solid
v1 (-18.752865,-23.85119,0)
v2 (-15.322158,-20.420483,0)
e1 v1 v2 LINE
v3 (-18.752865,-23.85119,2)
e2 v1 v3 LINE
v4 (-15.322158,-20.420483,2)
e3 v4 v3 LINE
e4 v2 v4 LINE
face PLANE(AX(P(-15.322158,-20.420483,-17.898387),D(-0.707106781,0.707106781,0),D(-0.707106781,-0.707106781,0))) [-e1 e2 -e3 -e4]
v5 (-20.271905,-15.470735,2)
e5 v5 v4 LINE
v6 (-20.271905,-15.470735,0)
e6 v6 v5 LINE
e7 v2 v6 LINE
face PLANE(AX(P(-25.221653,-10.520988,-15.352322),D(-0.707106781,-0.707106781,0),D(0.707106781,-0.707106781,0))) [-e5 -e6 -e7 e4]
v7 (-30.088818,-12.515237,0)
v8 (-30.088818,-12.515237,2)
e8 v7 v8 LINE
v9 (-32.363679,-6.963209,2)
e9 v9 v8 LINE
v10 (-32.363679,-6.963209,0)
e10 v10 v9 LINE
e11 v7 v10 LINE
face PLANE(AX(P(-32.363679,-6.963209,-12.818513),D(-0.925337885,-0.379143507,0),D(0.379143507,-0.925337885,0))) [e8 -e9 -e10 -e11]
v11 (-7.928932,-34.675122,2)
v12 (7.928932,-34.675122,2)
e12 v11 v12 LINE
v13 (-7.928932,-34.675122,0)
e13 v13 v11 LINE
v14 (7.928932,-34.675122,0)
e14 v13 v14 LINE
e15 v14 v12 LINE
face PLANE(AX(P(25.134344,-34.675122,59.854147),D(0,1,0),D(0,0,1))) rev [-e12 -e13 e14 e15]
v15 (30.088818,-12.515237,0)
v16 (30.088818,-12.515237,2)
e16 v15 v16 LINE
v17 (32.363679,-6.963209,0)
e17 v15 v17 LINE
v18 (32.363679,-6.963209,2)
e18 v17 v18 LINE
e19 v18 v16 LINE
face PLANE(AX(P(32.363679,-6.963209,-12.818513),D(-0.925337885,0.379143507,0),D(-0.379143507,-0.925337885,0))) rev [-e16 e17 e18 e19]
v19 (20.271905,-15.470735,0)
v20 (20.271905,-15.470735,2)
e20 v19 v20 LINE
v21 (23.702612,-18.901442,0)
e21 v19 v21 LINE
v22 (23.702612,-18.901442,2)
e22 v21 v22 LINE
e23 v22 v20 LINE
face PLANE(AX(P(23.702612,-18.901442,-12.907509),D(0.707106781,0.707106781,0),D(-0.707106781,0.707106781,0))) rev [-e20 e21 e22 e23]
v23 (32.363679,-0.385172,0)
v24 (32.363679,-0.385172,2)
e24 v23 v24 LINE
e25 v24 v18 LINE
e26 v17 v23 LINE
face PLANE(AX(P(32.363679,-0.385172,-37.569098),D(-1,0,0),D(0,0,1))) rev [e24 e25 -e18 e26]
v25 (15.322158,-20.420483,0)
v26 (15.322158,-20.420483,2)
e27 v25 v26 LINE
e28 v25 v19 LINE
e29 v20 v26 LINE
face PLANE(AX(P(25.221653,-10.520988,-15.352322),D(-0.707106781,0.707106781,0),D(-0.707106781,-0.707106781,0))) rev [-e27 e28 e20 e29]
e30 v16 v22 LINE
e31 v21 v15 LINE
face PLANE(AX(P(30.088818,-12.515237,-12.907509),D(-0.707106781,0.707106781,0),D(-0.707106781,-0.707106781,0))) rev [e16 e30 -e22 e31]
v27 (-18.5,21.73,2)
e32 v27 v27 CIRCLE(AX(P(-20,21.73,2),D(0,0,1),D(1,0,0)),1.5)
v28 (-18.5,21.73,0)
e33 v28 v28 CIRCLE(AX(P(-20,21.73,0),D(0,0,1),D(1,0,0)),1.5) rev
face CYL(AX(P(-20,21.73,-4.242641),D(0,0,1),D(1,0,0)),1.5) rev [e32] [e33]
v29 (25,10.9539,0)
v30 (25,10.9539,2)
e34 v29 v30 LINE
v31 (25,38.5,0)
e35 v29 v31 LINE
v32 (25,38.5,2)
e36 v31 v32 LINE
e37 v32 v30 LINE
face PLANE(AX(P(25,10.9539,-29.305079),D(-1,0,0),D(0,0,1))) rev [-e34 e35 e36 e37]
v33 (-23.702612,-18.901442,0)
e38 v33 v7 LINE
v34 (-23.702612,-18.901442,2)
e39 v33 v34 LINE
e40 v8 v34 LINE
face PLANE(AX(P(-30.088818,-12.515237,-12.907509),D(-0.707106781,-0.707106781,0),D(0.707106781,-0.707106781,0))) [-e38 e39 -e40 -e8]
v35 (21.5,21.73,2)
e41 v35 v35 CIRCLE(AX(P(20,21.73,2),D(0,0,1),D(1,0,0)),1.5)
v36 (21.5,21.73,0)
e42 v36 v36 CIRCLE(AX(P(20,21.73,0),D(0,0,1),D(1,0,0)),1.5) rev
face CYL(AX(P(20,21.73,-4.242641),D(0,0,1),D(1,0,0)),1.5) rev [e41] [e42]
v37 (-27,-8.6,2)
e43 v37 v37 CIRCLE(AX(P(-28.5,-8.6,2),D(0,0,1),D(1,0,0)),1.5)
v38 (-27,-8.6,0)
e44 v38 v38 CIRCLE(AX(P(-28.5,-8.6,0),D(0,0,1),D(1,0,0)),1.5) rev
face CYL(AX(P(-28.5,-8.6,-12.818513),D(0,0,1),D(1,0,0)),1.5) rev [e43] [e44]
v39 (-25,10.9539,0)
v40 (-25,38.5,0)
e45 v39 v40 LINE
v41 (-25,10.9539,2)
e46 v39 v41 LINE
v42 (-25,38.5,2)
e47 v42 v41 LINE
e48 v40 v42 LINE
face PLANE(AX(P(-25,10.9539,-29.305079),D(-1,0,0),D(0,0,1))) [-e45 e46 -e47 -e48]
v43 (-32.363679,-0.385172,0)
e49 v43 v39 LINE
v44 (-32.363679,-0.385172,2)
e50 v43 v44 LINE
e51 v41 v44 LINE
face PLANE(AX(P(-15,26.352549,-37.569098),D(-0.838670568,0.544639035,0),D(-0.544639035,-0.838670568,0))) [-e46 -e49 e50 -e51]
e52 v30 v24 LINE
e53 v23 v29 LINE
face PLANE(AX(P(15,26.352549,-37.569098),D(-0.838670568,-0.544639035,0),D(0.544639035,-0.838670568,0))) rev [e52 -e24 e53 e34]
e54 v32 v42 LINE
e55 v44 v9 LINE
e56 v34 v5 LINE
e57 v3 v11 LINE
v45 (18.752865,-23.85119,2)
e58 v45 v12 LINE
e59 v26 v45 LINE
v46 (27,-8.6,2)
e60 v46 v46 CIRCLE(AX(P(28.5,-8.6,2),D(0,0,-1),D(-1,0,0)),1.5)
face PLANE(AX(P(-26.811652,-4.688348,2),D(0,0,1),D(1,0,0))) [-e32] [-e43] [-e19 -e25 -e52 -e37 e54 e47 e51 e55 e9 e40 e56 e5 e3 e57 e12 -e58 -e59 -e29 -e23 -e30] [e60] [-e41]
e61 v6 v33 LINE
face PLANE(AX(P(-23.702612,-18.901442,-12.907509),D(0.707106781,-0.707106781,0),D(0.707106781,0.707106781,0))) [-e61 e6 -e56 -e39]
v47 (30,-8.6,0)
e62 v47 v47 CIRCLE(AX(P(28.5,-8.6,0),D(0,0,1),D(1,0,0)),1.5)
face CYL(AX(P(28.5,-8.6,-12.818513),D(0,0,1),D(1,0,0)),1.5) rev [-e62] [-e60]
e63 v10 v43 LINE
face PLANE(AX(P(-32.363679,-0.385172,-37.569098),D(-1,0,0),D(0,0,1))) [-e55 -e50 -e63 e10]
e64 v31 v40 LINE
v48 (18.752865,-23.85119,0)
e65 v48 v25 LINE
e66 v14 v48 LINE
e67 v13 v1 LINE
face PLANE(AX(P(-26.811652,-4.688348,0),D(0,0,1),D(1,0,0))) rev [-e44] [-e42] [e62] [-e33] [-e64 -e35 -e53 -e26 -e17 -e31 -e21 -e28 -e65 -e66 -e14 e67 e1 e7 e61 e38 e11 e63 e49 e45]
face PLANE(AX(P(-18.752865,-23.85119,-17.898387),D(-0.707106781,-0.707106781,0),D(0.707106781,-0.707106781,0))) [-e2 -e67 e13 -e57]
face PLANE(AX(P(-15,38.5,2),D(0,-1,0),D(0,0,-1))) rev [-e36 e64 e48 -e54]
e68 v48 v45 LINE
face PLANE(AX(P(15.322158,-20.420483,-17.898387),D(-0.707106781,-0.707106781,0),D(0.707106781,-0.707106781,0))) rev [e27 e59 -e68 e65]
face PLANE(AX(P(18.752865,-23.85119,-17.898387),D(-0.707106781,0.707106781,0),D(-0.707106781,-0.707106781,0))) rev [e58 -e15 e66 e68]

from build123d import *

# Parameters (mm, degrees)
EXTRUDE1_DEPTH  = 2
SKETCH4_R       = 1.5
EXTRUDE3_DEPTH  = 2
EXTRUDE5_DEPTH  = 2
FILLET2_R       = 3
SKETCH7_R       = 1.5
EXTRUDE6_DEPTH  = 2
EXTRUDE7_DEPTH  = 2
EXTRUDE8_DEPTH  = 2
EXTRUDE9_DEPTH  = 2
EXTRUDE10_DEPTH = 2
EXTRUDE11_DEPTH = 2
SKETCH13_W      = 52.444820885
SKETCH13_H      = 24.426279397
EXTRUDE12_DEPTH = 2
SKETCH14_R      = 1.5
EXTRUDE13_DEPTH = 2


with BuildPart() as part:
    # Sketch1 → Extrude1 (new body)
    with BuildSketch(Plane.XY):
        Polygon((-15, 13.5), (-15, 38.5), (15, 38.5), (15, 13.5), (26.811651575, -4.688348425), (15, -16.5), (15, -26.5), (7.928932188, -33.571067812), (7.928932188, -52.571067812), (-7.928932188, -52.571067812), (-7.928932188, -33.571067812), (-15, -26.5), (-15, -16.5), (-26.811651575, -4.688348425), align=None)
    extrude(amount=EXTRUDE1_DEPTH)

    # Sketch4 → Extrude3 (add)
    with BuildSketch(Plane.XY.offset(2)):
        Polygon((-26.811651575, -4.688348425), (-32.363678884, -6.963209468), (-30.088817841, -12.515236776), (-22.212122569, -9.287877431), align=None)
        with Locations((-28.5, -8.6)):
            Circle(SKETCH4_R, mode=Mode.SUBTRACT)
    extrude3 = extrude(amount=-EXTRUDE3_DEPTH)

    # Mirror1: Extrude3 across plane
    add(extrude3.mirror(Plane(origin=(0, 0, 0), x_dir=(0, 0, 1), z_dir=(1, 0, 0))))

    # Sketch6 → Extrude5 (add)
    with BuildSketch(Plane.XY.offset(2)):
        Polygon((0, -44.571067812), (-7.928932188, -44.571067812), (-18, -54.642135624), (18, -54.642135624), (7.928932188, -44.571067812), align=None)
    extrude(amount=-EXTRUDE5_DEPTH)

    # Fillet2
    fillet2_edges = [part.edges().sort_by_distance(p)[0] for p in [
        (18, -54.642135624, 1),
        (-18, -54.642135624, 1),
    ]]
    fillet(fillet2_edges, radius=FILLET2_R)

    # Sketch7 → Extrude6 (cut)
    with BuildSketch(Plane.XY.offset(2)):
        with Locations((-11, -52.002135624)):
            Circle(SKETCH7_R)
    extrude6 = extrude(amount=-EXTRUDE6_DEPTH, mode=Mode.SUBTRACT)

    # Mirror4: Extrude6 across plane
    add(extrude6.mirror(Plane(origin=(0, 0, 0), x_dir=(0, 0, 1), z_dir=(1, 0, 0))), mode=Mode.SUBTRACT)

    # Sketch8 → Extrude7 (add)
    with BuildSketch(Plane.XY.offset(2)):
        Polygon((-26.811651575, -4.688348425), (-32.363678884, -6.963209468), (-32.363678884, -0.385171544), (-15, 26.352549211), (-15, 13.5), align=None)
    extrude7 = extrude(amount=-EXTRUDE7_DEPTH)

    # Sketch9 → Extrude8 (add)
    with BuildSketch(Plane.XY.offset(2)):
        Polygon((-22.212122569, -9.287877431), (-25.22165278, -10.520987907), (-15, -20.742640687), (-15, -16.5), align=None)
    extrude8 = extrude(amount=-EXTRUDE8_DEPTH)

    # Sketch10 → Extrude9 (add)
    with BuildSketch(Plane.XY.offset(2)):
        Polygon((-25.22165278, -10.520987907), (-30.088817841, -12.515236776), (-23.702612277, -18.90144234), (-20.271905312, -15.470735375), align=None)
    extrude9 = extrude(amount=-EXTRUDE9_DEPTH)

    # Sketch11 → Extrude10 (add)
    with BuildSketch(Plane.XY.offset(2)):
        Polygon((-15.322157844, -20.420482843), (-18.752864809, -23.851189808), (-7.928932188, -34.675122429), (-7.928932188, -33.571067812), (-15, -26.5), (-15, -20.742640687), align=None)
    extrude10 = extrude(amount=-EXTRUDE10_DEPTH)

    # Sketch12 → Extrude11 (add)
    with BuildSketch(Plane.XY.offset(2)):
        Polygon((-25, 10.953899573), (-25, 38.5), (-15, 38.5), (-15, 26.352549211), align=None)
    extrude11 = extrude(amount=-EXTRUDE11_DEPTH)

    # Mirror5: Extrude7, Extrude8, Extrude9, Extrude10 across plane
    add(extrude7.mirror(Plane(origin=(0, 0, 0), x_dir=(0, 0, 1), z_dir=(1, 0, 0))))
    add(extrude8.mirror(Plane(origin=(0, 0, 0), x_dir=(0, 0, 1), z_dir=(1, 0, 0))))
    add(extrude9.mirror(Plane(origin=(0, 0, 0), x_dir=(0, 0, 1), z_dir=(1, 0, 0))))
    add(extrude10.mirror(Plane(origin=(0, 0, 0), x_dir=(0, 0, 1), z_dir=(1, 0, 0))))

    # Mirror6: Extrude11 across plane
    add(extrude11.mirror(Plane(origin=(0, 0, 0), x_dir=(0, 0, 1), z_dir=(1, 0, 0))))

    # Sketch13 → Extrude12 (cut)
    with BuildSketch(Plane(origin=(0, 0, 0), x_dir=(-1, 0, 0), z_dir=(0, 0, -1))):
        with Locations((1.088066824, -46.888262128)):
            Rectangle(SKETCH13_W, SKETCH13_H)
    extrude(amount=-EXTRUDE12_DEPTH, mode=Mode.SUBTRACT)

    # Sketch14 → Extrude13 (cut)
    with BuildSketch(Plane.XY.offset(2)):
        with Locations((-20, 21.73)):
            Circle(SKETCH14_R)
        with Locations((20, 21.73)):
            Circle(SKETCH14_R)
    extrude(amount=-EXTRUDE13_DEPTH, mode=Mode.SUBTRACT)


solid = part.part
